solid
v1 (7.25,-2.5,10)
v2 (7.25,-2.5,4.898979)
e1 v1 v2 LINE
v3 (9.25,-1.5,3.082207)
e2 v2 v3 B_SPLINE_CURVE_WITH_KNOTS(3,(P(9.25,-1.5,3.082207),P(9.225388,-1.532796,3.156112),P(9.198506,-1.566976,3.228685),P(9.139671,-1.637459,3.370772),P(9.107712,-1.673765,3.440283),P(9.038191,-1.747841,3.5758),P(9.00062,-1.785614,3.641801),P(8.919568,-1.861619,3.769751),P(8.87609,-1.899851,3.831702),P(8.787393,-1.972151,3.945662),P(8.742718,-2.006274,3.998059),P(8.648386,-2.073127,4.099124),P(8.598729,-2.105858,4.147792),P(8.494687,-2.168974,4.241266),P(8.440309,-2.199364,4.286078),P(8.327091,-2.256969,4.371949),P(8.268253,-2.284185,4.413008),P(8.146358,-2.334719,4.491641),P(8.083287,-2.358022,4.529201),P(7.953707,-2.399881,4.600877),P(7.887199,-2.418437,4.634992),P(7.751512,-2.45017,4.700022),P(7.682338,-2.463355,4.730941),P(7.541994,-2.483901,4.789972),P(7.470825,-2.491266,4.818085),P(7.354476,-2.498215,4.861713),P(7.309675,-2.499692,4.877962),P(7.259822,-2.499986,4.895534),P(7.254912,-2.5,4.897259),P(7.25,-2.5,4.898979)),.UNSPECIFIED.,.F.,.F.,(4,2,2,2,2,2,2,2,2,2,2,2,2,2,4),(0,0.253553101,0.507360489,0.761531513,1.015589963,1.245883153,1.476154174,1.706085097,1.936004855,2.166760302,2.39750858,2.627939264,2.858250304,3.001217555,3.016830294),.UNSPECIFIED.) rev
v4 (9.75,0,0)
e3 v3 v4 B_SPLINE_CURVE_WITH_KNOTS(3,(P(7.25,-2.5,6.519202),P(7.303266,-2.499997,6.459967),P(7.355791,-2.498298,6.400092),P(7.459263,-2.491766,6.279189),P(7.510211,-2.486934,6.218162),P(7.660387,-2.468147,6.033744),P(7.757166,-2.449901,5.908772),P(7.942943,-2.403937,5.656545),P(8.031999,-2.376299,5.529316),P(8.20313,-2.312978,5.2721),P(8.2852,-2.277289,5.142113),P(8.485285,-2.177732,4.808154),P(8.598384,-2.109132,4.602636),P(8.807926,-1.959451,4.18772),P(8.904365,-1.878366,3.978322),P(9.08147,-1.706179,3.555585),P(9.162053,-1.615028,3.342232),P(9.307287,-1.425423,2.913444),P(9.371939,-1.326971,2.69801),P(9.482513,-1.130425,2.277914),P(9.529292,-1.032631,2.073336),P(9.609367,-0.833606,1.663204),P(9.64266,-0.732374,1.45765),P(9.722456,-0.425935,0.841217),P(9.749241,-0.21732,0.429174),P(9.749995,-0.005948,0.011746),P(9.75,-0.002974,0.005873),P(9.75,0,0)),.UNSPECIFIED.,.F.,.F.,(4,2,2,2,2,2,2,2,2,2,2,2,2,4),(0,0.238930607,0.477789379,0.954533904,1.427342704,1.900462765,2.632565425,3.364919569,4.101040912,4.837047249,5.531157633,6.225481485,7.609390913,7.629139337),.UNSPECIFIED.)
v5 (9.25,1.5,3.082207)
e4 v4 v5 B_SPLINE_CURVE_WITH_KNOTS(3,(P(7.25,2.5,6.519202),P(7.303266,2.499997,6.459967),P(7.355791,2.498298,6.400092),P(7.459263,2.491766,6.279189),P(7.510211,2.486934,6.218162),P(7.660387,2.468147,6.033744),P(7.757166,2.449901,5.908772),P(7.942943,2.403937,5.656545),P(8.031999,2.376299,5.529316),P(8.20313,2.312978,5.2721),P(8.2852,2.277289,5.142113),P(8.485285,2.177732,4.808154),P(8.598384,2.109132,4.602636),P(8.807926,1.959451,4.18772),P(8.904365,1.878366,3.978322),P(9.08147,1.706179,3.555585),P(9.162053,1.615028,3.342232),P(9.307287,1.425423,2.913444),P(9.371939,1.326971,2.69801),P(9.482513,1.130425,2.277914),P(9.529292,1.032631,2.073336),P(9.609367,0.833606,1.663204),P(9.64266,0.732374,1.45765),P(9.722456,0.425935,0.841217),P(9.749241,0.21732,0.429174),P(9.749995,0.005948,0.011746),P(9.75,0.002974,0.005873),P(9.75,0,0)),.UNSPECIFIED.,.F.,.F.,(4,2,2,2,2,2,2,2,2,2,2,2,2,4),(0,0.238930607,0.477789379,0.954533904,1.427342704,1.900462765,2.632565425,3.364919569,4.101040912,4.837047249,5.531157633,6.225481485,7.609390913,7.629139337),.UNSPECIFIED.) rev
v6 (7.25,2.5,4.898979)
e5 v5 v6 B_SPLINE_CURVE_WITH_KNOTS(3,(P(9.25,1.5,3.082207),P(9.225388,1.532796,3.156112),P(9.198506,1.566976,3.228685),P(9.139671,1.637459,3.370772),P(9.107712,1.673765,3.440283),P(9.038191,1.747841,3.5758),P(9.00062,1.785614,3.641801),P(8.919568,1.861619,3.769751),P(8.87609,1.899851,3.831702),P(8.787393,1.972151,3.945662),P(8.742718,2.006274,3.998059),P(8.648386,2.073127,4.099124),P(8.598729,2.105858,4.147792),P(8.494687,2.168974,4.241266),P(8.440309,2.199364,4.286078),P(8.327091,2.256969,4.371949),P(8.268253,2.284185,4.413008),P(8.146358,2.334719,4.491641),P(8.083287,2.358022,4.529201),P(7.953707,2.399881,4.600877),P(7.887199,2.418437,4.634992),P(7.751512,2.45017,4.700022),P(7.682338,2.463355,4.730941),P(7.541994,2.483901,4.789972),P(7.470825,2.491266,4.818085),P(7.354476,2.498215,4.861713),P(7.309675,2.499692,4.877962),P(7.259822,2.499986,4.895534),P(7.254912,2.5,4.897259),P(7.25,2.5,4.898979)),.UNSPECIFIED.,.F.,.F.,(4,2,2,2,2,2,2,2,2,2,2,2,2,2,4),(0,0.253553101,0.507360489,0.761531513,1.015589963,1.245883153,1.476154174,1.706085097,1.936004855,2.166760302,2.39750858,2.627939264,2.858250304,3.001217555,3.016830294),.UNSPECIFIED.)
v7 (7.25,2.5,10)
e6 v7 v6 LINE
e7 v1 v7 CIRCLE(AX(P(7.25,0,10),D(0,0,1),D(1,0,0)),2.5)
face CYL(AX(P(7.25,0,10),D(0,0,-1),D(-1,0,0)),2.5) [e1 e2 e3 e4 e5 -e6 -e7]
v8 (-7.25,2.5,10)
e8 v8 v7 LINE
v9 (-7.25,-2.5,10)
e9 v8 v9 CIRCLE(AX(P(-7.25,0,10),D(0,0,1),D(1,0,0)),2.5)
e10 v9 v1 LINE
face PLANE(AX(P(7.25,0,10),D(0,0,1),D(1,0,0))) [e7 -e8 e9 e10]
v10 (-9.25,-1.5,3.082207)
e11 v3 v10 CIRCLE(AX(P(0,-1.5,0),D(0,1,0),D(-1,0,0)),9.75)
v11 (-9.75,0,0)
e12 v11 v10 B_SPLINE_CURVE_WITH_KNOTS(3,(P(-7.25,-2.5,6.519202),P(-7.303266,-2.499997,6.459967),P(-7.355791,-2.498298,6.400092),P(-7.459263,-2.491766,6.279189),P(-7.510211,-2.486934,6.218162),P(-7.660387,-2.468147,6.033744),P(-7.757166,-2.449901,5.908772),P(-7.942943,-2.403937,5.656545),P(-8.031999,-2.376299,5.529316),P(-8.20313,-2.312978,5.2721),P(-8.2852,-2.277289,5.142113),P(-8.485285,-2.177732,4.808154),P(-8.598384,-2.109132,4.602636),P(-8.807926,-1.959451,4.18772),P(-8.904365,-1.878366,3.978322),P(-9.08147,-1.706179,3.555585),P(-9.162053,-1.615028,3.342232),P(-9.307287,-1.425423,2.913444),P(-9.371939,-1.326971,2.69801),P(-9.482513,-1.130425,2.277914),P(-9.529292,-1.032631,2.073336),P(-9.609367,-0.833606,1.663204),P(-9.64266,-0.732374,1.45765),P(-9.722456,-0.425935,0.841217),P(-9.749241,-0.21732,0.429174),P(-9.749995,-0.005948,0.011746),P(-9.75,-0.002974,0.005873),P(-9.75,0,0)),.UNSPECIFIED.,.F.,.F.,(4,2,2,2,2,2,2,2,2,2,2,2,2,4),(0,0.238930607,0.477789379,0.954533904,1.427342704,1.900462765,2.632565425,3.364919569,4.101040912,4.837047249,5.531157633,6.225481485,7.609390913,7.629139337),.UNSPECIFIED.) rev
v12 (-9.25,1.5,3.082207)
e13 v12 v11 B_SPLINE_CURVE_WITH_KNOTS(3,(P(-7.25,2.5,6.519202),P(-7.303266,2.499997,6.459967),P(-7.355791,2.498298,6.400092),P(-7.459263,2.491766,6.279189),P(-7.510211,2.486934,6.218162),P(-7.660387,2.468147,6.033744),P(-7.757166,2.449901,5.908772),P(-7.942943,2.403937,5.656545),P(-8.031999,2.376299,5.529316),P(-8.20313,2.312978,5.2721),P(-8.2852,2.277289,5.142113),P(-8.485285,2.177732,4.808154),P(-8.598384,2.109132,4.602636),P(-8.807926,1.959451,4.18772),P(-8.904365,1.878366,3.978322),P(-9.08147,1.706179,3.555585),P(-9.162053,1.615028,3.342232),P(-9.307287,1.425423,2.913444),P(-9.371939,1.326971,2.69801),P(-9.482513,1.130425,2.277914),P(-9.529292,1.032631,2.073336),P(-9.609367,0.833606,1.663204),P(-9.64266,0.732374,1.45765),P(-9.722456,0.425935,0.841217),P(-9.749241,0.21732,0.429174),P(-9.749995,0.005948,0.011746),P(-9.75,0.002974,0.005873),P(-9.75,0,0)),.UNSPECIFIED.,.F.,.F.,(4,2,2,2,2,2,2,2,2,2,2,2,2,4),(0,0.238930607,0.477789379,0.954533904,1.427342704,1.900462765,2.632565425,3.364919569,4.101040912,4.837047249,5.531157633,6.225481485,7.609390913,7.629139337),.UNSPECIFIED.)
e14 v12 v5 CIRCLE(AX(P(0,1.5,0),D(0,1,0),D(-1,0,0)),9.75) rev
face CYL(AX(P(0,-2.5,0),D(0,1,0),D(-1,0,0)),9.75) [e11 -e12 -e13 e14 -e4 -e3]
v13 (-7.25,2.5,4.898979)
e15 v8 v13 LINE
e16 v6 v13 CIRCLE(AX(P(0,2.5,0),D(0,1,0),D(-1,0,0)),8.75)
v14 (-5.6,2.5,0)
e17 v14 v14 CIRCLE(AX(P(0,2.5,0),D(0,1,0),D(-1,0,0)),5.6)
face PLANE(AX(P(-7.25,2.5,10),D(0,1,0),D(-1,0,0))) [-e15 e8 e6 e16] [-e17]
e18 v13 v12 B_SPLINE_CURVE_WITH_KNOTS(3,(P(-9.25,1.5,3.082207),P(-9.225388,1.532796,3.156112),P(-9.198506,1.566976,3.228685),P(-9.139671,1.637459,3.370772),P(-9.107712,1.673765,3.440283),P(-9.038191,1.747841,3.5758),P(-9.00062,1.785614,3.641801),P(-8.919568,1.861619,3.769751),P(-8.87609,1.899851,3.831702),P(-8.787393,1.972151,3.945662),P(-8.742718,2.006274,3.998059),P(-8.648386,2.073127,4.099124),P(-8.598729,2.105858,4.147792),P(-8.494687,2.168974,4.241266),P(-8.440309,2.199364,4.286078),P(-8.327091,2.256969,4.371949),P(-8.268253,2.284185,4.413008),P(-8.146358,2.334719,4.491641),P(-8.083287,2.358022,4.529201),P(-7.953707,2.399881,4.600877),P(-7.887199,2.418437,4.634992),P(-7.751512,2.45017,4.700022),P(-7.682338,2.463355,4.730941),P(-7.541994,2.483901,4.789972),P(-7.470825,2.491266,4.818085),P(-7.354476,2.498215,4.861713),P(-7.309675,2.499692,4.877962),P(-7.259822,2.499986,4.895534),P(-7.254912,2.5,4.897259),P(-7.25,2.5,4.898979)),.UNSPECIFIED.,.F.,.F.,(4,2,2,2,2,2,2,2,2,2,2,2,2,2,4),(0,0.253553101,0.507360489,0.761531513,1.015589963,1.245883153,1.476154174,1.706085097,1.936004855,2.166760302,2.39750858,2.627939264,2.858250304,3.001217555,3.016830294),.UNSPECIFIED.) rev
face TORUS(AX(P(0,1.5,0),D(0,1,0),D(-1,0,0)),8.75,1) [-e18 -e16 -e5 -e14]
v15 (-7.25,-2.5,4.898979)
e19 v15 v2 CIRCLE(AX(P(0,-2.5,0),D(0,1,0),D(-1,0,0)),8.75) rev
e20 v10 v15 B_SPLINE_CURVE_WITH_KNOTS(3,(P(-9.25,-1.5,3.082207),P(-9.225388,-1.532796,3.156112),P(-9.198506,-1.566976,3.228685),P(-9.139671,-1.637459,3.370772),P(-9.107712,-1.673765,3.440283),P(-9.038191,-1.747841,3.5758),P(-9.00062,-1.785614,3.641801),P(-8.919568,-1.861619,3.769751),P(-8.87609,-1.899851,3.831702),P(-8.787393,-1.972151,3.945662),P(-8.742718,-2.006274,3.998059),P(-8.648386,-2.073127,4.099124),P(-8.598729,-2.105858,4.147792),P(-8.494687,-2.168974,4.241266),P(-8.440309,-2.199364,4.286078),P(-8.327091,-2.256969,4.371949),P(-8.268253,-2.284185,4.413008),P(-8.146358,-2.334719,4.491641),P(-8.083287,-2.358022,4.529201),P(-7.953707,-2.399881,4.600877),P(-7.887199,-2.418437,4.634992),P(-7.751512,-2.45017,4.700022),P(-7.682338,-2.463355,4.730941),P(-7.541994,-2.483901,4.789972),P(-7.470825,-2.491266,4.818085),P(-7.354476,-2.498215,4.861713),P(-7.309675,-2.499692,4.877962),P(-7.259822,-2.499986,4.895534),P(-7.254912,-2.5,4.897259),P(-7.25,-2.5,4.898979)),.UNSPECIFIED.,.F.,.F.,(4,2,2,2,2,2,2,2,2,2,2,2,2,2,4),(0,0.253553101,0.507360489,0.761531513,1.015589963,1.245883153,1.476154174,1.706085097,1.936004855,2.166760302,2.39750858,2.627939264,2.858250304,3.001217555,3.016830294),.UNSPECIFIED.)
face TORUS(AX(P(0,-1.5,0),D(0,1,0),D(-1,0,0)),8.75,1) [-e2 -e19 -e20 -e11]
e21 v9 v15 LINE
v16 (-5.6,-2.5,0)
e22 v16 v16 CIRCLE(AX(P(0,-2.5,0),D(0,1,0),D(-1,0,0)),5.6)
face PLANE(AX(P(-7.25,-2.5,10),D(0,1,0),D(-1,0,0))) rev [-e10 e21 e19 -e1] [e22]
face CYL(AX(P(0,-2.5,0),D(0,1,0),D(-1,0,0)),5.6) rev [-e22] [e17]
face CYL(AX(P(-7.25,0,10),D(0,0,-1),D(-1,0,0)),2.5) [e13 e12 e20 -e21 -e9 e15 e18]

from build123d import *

# Parameters (mm, degrees)
EXTRUDE_1_DEPTH     = 10
SKETCH_2_R          = 9.75
EXTRUDE_2_DEPTH     = 5
FILLET_2_R          = 1
SKETCH_3_R          = 5.6
CUT_EXTRUDE_1_DEPTH = 5


with BuildPart() as part:
    # 草图1 → 凸台-拉伸1 (new body)
    with BuildSketch(Plane.XY):
        with BuildLine():
            Line((-7.25, 2.4999999999999996), (7.249999999999998, 2.500000000000002))
            ThreePointArc((7.249999999999998, 2.500000000000002), (9.75, 4.33e-15), (7.250000000000002, -2.499999999999997))
            Line((7.250000000000002, -2.499999999999997), (-7.25, -2.4999999999999996))
            ThreePointArc((-7.25, -2.4999999999999996), (-9.75, 3.1e-16), (-7.25, 2.4999999999999996))
        make_face()
    extrude(amount=EXTRUDE_1_DEPTH)

    # 草图2 → 凸台-拉伸2 (add)
    with BuildSketch(Plane(origin=(-4.5e-16, 2.500000000000001, 0), x_dir=(1, 1.7e-16, 0), z_dir=(-1.7e-16, 1, 0))):
        Circle(SKETCH_2_R)
    extrude(amount=-EXTRUDE_2_DEPTH)

    # 圆角2
    fillet_2_edges = [part.edges().sort_by_distance(p)[0] for p in [
        (8.387e-14, -2.499999999999999, -9.75),
        (8.304e-14, 2.500000000000001, -9.75),
    ]]
    fillet(fillet_2_edges, radius=FILLET_2_R)

    # 草图3 → 切除-拉伸1 (cut)
    with BuildSketch(Plane(origin=(-4.5e-16, 2.500000000000001, 0), x_dir=(1, 1.7e-16, 0), z_dir=(-1.7e-16, 1, 0))):
        with Locations(Location((0, 0, 0), (0, 0, 180))):
            Circle(SKETCH_3_R)
    extrude(amount=-CUT_EXTRUDE_1_DEPTH, mode=Mode.SUBTRACT)


solid = part.part
